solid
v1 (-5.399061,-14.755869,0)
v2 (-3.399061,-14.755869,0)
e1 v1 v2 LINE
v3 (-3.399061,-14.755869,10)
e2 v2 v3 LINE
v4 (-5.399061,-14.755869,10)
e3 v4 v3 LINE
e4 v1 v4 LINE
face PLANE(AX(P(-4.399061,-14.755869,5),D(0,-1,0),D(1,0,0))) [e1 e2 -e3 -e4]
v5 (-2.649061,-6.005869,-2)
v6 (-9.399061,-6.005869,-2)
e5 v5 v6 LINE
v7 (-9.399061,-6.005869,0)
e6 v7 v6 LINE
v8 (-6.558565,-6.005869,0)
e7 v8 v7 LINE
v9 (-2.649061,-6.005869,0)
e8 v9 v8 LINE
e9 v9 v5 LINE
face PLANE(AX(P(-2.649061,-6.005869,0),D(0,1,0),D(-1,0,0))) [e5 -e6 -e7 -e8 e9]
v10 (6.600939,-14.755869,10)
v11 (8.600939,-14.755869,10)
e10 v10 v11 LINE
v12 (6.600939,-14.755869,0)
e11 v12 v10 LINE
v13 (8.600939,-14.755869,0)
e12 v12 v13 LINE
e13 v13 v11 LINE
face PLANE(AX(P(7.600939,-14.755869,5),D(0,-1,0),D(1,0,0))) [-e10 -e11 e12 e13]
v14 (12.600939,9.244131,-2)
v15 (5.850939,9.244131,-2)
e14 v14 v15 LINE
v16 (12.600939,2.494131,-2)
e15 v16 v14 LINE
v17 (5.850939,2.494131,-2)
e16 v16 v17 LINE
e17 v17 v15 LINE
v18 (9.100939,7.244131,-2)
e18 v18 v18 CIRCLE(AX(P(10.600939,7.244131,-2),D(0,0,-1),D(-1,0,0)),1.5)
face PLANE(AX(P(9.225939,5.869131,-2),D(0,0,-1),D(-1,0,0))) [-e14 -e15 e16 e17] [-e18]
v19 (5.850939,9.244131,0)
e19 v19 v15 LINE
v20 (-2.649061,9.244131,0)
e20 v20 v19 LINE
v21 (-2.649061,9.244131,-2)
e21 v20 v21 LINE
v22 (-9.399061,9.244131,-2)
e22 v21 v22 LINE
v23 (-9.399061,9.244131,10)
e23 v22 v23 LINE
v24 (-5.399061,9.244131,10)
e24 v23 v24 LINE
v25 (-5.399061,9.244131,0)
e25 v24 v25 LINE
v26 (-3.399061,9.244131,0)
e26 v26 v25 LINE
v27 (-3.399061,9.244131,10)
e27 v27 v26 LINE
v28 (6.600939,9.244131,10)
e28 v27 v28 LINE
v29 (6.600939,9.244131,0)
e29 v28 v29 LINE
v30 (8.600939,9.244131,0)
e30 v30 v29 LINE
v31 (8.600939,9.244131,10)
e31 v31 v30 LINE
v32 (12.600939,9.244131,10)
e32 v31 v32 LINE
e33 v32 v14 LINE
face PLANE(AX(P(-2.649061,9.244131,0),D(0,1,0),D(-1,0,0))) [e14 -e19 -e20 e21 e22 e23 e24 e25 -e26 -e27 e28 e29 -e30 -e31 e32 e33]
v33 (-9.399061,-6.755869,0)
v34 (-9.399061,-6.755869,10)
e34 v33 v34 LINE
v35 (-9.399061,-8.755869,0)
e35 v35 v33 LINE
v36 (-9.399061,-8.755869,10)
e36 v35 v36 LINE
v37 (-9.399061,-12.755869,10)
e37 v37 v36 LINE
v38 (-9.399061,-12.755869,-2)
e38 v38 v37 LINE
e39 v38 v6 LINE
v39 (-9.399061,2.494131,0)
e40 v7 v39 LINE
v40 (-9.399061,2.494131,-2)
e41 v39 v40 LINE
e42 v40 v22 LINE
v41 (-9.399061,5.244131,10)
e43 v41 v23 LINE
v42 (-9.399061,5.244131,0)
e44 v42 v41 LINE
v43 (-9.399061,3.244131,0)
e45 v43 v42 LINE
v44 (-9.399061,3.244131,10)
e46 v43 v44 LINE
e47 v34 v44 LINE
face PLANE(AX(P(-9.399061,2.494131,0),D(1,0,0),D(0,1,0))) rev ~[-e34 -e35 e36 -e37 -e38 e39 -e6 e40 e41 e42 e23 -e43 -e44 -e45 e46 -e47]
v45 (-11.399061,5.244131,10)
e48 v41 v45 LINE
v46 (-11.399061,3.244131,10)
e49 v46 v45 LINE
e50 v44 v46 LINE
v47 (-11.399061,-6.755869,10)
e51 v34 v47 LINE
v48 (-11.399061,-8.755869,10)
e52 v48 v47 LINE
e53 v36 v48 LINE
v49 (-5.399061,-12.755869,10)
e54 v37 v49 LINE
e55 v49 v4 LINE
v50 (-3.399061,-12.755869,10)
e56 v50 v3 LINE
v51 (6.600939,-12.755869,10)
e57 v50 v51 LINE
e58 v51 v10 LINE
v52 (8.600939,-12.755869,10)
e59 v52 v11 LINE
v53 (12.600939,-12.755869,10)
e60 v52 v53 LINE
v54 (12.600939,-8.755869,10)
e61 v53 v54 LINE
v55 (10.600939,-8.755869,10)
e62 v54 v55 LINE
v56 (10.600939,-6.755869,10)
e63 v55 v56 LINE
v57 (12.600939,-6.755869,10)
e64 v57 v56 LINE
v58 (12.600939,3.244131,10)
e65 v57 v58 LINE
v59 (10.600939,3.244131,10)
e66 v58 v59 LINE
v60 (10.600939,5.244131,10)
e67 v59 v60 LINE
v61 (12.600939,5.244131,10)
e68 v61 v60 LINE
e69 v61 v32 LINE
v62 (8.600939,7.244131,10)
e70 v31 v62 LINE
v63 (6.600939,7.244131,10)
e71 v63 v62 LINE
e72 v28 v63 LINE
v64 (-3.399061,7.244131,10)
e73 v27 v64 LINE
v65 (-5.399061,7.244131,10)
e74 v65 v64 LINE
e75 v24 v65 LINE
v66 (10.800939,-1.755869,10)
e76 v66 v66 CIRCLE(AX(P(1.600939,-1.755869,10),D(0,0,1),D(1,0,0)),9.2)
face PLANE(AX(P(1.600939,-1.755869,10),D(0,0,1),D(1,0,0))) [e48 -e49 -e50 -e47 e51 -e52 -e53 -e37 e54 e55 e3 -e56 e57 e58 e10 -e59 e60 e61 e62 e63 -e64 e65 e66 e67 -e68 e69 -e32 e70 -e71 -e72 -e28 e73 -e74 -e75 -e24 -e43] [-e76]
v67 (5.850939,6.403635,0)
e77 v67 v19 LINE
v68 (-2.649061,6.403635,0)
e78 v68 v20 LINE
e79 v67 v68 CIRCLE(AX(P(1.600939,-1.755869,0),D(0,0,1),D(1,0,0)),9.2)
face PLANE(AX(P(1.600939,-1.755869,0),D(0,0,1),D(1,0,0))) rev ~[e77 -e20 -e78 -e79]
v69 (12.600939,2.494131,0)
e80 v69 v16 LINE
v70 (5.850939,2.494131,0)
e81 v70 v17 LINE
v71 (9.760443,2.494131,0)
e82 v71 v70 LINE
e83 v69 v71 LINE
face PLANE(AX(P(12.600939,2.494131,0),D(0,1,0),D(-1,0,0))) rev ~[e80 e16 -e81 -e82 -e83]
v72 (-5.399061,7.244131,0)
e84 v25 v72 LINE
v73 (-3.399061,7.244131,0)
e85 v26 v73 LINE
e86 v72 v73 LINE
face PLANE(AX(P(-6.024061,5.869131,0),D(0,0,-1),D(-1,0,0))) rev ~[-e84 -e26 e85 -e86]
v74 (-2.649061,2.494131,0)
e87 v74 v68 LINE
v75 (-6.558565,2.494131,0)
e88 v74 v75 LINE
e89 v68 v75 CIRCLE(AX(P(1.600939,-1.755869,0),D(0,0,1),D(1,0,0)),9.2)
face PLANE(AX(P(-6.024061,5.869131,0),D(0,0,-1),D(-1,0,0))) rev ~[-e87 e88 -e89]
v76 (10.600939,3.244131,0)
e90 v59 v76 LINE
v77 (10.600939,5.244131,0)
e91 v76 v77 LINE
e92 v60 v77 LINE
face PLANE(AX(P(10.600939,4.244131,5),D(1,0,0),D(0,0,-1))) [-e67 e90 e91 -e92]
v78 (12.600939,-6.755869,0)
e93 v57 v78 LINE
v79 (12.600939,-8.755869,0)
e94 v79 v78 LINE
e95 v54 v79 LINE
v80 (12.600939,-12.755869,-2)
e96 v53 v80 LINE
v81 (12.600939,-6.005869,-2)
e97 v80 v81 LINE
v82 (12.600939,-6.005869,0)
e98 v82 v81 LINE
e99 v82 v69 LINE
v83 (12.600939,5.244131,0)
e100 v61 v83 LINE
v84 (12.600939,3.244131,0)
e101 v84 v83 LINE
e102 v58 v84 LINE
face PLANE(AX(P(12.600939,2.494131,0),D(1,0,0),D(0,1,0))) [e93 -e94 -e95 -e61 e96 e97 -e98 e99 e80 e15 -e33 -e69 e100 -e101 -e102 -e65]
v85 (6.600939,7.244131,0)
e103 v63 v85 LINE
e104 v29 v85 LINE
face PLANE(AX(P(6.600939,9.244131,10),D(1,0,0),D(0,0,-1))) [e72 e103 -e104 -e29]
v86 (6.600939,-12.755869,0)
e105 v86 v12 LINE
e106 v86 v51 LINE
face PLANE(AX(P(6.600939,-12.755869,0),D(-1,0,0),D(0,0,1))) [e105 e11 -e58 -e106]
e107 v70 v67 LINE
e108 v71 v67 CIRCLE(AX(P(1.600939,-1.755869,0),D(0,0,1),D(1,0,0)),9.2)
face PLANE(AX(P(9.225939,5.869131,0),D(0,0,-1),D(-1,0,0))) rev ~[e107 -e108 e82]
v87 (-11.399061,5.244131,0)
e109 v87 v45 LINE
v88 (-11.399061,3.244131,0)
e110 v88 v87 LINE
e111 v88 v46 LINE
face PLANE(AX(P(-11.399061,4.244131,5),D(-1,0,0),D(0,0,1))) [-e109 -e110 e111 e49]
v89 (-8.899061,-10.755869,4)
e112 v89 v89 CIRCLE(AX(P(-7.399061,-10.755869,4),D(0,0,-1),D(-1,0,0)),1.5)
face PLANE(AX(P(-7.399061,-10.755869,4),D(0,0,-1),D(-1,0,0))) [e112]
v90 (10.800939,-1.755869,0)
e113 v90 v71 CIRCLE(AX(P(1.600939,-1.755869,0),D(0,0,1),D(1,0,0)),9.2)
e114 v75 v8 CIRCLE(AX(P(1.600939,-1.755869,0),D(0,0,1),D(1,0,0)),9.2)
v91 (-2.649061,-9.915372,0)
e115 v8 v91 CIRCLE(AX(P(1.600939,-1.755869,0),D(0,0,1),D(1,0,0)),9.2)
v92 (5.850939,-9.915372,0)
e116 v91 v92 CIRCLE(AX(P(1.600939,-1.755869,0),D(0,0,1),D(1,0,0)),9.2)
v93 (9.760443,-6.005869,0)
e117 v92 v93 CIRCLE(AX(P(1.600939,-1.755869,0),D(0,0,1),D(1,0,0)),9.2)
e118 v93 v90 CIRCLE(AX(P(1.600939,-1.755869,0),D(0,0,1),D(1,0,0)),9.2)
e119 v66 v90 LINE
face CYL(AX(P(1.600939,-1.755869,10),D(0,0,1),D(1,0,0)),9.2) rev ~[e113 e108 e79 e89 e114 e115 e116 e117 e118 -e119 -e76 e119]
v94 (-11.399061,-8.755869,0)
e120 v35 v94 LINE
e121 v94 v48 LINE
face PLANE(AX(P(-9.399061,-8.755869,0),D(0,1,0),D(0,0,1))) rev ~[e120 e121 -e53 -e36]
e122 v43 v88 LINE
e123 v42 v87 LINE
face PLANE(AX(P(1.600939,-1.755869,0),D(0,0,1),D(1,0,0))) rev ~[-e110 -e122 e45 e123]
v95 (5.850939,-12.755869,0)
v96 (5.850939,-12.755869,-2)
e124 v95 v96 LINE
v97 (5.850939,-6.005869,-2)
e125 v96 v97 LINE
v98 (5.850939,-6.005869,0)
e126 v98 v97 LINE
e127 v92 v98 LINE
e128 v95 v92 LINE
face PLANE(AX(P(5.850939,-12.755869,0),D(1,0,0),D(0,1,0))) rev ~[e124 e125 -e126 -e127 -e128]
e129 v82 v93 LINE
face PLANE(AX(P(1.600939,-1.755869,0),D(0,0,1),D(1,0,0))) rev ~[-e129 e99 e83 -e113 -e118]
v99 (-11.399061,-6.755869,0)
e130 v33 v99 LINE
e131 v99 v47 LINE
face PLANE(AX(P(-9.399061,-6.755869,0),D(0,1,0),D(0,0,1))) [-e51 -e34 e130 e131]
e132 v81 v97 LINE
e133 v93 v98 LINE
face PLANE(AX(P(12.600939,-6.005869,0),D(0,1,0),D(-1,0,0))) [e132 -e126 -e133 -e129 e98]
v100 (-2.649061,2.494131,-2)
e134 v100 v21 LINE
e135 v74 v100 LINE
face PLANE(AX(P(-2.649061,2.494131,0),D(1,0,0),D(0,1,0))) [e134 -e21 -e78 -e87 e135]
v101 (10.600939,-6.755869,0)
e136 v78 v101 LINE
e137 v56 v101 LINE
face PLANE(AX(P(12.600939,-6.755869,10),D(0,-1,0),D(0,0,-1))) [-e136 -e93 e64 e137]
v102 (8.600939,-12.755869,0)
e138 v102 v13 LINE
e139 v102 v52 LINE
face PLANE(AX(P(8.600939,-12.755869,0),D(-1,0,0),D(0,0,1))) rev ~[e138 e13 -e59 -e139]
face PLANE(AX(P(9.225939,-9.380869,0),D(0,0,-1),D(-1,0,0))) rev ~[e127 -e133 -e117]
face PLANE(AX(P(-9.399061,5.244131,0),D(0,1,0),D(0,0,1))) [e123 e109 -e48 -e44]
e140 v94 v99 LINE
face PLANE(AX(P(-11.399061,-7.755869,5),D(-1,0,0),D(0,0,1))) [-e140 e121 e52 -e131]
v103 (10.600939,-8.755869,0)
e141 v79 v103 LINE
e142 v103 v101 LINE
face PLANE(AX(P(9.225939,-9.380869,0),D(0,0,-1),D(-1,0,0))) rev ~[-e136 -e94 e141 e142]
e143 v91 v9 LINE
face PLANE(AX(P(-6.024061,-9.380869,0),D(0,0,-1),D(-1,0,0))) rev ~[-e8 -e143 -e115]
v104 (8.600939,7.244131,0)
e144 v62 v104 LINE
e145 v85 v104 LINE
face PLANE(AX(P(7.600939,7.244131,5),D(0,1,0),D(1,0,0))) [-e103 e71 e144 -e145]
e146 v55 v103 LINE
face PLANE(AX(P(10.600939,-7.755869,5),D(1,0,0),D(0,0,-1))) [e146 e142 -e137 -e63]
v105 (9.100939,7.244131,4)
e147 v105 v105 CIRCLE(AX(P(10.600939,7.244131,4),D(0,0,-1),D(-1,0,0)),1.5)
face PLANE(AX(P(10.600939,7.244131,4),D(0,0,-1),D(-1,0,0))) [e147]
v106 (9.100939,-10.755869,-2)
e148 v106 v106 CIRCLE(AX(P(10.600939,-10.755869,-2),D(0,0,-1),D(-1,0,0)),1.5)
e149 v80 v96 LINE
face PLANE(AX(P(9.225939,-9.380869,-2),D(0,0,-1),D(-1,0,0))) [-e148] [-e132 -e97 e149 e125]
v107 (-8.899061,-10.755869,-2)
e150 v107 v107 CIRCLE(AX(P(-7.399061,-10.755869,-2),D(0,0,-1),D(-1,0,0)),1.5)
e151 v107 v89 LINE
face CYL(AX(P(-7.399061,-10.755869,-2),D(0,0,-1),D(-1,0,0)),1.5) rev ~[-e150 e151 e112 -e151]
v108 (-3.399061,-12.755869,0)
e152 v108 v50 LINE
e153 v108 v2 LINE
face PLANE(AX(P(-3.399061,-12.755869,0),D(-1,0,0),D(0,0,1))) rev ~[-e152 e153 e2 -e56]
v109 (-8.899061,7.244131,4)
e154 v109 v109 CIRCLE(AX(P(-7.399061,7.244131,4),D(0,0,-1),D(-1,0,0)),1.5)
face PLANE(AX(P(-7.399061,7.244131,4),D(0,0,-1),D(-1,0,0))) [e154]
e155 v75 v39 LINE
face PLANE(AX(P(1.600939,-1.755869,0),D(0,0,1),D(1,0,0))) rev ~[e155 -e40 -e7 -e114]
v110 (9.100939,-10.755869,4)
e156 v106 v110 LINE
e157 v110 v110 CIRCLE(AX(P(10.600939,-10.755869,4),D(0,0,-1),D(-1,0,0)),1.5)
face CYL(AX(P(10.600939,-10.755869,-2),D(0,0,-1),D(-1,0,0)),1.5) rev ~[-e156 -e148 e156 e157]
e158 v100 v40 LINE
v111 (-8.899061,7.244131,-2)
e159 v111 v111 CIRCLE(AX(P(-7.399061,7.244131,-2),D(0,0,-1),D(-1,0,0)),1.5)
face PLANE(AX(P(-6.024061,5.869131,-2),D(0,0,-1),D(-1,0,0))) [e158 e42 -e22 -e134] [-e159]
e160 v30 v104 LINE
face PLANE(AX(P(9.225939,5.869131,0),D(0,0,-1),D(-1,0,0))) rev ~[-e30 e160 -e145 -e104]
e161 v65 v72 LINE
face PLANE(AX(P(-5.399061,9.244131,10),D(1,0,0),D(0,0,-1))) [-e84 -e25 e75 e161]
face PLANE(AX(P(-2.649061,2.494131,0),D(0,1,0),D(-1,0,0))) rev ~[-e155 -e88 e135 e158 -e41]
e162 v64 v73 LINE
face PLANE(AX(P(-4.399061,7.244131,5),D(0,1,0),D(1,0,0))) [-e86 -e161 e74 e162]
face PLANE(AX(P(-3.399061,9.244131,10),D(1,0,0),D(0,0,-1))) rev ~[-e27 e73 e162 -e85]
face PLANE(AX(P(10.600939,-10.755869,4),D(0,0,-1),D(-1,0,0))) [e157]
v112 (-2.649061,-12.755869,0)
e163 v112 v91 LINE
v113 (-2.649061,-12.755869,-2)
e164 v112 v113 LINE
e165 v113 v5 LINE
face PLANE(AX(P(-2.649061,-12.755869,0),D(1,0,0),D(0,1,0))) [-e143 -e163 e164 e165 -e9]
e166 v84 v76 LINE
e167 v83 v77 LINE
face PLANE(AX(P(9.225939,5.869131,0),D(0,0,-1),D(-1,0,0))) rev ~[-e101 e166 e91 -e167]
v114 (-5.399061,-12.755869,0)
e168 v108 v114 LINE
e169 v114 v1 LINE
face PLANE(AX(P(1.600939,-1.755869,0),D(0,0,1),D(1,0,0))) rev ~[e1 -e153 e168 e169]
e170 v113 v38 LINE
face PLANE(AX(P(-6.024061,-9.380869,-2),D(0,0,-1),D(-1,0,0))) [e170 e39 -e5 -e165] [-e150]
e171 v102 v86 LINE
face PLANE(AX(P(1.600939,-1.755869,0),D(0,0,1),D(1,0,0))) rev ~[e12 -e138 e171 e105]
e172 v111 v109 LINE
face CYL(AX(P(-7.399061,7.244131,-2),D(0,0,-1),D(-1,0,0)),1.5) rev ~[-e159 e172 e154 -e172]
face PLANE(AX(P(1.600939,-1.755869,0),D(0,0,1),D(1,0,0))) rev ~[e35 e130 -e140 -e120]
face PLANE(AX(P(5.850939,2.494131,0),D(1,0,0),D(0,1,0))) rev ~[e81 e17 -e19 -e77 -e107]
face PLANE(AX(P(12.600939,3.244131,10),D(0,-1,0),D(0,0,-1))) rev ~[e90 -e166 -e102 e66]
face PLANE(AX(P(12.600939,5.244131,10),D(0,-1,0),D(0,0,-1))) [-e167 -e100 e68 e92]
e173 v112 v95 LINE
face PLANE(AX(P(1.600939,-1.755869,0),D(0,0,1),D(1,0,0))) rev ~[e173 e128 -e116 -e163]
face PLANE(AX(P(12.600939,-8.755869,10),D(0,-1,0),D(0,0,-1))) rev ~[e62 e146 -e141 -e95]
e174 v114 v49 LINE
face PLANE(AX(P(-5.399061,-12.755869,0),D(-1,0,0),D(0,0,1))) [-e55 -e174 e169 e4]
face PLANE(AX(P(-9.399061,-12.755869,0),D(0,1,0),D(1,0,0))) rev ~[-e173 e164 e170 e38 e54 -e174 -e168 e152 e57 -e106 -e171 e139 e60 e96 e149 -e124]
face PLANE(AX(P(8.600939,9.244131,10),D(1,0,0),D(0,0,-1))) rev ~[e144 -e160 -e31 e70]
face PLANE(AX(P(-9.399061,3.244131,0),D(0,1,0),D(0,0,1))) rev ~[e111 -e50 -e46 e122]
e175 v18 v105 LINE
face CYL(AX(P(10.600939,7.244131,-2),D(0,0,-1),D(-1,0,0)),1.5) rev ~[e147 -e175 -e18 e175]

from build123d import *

# Parameters (mm, degrees)
SKETCH1_W           = 22
SKETCH1_H           = 22
BOSS_EXTRUDE1_DEPTH = 10
SKETCH3_W           = 2
SKETCH3_H           = 10
BOSS_EXTRUDE2_DEPTH = 2
SKETCH4_W           = 10
SKETCH4_H           = 2
BOSS_EXTRUDE3_DEPTH = 2
SKETCH5_W           = 10
SKETCH5_H           = 2
CUT_EXTRUDE1_DEPTH  = 2
SKETCH6_W           = 2
SKETCH6_H           = 10
CUT_EXTRUDE2_DEPTH  = 2
SKETCH7_R           = 9.2
CUT_EXTRUDE3_DEPTH  = 11
SKETCH8_W           = 6.75
SKETCH8_H           = 6.75
BOSS_EXTRUDE4_DEPTH = 2
SKETCH9_R           = 1.5
CUT_EXTRUDE6_DEPTH  = 6


with BuildPart() as part:
    # Sketch1 → Boss-Extrude1 (new body)
    with BuildSketch(Plane.XY):
        with Locations((1.600938967, -1.755868545)):
            Rectangle(SKETCH1_W, SKETCH1_H)
    extrude(amount=BOSS_EXTRUDE1_DEPTH)

    # Sketch3 → Boss-Extrude2 (add)
    with BuildSketch(Plane.XZ.offset(12.755868545)):
        with Locations((7.600938967, 5)):
            Rectangle(SKETCH3_W, SKETCH3_H)
        with Locations((-4.399061033, 5)):
            Rectangle(SKETCH3_W, SKETCH3_H)
    extrude(amount=BOSS_EXTRUDE2_DEPTH)

    # Sketch4 → Boss-Extrude3 (add)
    with BuildSketch(Plane.ZY.offset(9.399061033)):
        with Locations((5, 4.244131455)):
            Rectangle(SKETCH4_W, SKETCH4_H)
        with Locations((5, -7.755868545)):
            Rectangle(SKETCH4_W, SKETCH4_H)
    extrude(amount=BOSS_EXTRUDE3_DEPTH)

    # Sketch5 → Cut-Extrude1 (cut)
    with BuildSketch(Plane(origin=(12.600938967, 0, 0), x_dir=(0, 0, -1), z_dir=(1, 0, 0))):
        with Locations((-5, 4.244131455)):
            Rectangle(SKETCH5_W, SKETCH5_H)
        with Locations((-5, -7.755868545)):
            Rectangle(SKETCH5_W, SKETCH5_H)
    extrude(amount=-CUT_EXTRUDE1_DEPTH, mode=Mode.SUBTRACT)

    # Sketch6 → Cut-Extrude2 (cut)
    with BuildSketch(Plane(origin=(0, 9.244131455, 0), x_dir=(1, 0, 0), z_dir=(0, 1, 0))):
        with Locations((-4.399061033, -5)):
            Rectangle(SKETCH6_W, SKETCH6_H)
        with Locations((7.600938967, -5)):
            Rectangle(SKETCH6_W, SKETCH6_H)
    extrude(amount=-CUT_EXTRUDE2_DEPTH, mode=Mode.SUBTRACT)

    # Sketch7 → Cut-Extrude3 (cut, through all)
    with BuildSketch(Plane.XY.offset(10)):
        with Locations((1.600938967, -1.755868545)):
            Circle(SKETCH7_R)
    extrude(amount=-CUT_EXTRUDE3_DEPTH, mode=Mode.SUBTRACT)

    # Sketch8 → Boss-Extrude4 (add)
    with BuildSketch(Plane(origin=(0, 0, 0), x_dir=(-1, 0, 0), z_dir=(0, 0, -1))):
        with Locations((6.024061033, 5.869131455)):
            Rectangle(SKETCH8_W, SKETCH8_H)
        with Locations((-9.225938967, 5.869131455)):
            Rectangle(SKETCH8_W, SKETCH8_H)
        with Locations((-9.225938967, -9.380868545)):
            Rectangle(SKETCH8_W, SKETCH8_H)
        with Locations((6.024061033, -9.380868545)):
            Rectangle(SKETCH8_W, SKETCH8_H)
    extrude(amount=BOSS_EXTRUDE4_DEPTH)

    # Sketch9 → Cut-Extrude6 (cut)
    with BuildSketch(Plane(origin=(0, 0, -2), x_dir=(-1, 0, 0), z_dir=(0, 0, -1))):
        with Locations((7.399061033, -10.755868545)):
            Circle(SKETCH9_R)
        with Locations((-10.600938967, -10.755868545)):
            Circle(SKETCH9_R)
        with Locations((7.399061033, 7.244131455)):
            Circle(SKETCH9_R)
        with Locations((-10.600938967, 7.244131455)):
            Circle(SKETCH9_R)
    extrude(amount=-CUT_EXTRUDE6_DEPTH, mode=Mode.SUBTRACT)


solid = part.part
